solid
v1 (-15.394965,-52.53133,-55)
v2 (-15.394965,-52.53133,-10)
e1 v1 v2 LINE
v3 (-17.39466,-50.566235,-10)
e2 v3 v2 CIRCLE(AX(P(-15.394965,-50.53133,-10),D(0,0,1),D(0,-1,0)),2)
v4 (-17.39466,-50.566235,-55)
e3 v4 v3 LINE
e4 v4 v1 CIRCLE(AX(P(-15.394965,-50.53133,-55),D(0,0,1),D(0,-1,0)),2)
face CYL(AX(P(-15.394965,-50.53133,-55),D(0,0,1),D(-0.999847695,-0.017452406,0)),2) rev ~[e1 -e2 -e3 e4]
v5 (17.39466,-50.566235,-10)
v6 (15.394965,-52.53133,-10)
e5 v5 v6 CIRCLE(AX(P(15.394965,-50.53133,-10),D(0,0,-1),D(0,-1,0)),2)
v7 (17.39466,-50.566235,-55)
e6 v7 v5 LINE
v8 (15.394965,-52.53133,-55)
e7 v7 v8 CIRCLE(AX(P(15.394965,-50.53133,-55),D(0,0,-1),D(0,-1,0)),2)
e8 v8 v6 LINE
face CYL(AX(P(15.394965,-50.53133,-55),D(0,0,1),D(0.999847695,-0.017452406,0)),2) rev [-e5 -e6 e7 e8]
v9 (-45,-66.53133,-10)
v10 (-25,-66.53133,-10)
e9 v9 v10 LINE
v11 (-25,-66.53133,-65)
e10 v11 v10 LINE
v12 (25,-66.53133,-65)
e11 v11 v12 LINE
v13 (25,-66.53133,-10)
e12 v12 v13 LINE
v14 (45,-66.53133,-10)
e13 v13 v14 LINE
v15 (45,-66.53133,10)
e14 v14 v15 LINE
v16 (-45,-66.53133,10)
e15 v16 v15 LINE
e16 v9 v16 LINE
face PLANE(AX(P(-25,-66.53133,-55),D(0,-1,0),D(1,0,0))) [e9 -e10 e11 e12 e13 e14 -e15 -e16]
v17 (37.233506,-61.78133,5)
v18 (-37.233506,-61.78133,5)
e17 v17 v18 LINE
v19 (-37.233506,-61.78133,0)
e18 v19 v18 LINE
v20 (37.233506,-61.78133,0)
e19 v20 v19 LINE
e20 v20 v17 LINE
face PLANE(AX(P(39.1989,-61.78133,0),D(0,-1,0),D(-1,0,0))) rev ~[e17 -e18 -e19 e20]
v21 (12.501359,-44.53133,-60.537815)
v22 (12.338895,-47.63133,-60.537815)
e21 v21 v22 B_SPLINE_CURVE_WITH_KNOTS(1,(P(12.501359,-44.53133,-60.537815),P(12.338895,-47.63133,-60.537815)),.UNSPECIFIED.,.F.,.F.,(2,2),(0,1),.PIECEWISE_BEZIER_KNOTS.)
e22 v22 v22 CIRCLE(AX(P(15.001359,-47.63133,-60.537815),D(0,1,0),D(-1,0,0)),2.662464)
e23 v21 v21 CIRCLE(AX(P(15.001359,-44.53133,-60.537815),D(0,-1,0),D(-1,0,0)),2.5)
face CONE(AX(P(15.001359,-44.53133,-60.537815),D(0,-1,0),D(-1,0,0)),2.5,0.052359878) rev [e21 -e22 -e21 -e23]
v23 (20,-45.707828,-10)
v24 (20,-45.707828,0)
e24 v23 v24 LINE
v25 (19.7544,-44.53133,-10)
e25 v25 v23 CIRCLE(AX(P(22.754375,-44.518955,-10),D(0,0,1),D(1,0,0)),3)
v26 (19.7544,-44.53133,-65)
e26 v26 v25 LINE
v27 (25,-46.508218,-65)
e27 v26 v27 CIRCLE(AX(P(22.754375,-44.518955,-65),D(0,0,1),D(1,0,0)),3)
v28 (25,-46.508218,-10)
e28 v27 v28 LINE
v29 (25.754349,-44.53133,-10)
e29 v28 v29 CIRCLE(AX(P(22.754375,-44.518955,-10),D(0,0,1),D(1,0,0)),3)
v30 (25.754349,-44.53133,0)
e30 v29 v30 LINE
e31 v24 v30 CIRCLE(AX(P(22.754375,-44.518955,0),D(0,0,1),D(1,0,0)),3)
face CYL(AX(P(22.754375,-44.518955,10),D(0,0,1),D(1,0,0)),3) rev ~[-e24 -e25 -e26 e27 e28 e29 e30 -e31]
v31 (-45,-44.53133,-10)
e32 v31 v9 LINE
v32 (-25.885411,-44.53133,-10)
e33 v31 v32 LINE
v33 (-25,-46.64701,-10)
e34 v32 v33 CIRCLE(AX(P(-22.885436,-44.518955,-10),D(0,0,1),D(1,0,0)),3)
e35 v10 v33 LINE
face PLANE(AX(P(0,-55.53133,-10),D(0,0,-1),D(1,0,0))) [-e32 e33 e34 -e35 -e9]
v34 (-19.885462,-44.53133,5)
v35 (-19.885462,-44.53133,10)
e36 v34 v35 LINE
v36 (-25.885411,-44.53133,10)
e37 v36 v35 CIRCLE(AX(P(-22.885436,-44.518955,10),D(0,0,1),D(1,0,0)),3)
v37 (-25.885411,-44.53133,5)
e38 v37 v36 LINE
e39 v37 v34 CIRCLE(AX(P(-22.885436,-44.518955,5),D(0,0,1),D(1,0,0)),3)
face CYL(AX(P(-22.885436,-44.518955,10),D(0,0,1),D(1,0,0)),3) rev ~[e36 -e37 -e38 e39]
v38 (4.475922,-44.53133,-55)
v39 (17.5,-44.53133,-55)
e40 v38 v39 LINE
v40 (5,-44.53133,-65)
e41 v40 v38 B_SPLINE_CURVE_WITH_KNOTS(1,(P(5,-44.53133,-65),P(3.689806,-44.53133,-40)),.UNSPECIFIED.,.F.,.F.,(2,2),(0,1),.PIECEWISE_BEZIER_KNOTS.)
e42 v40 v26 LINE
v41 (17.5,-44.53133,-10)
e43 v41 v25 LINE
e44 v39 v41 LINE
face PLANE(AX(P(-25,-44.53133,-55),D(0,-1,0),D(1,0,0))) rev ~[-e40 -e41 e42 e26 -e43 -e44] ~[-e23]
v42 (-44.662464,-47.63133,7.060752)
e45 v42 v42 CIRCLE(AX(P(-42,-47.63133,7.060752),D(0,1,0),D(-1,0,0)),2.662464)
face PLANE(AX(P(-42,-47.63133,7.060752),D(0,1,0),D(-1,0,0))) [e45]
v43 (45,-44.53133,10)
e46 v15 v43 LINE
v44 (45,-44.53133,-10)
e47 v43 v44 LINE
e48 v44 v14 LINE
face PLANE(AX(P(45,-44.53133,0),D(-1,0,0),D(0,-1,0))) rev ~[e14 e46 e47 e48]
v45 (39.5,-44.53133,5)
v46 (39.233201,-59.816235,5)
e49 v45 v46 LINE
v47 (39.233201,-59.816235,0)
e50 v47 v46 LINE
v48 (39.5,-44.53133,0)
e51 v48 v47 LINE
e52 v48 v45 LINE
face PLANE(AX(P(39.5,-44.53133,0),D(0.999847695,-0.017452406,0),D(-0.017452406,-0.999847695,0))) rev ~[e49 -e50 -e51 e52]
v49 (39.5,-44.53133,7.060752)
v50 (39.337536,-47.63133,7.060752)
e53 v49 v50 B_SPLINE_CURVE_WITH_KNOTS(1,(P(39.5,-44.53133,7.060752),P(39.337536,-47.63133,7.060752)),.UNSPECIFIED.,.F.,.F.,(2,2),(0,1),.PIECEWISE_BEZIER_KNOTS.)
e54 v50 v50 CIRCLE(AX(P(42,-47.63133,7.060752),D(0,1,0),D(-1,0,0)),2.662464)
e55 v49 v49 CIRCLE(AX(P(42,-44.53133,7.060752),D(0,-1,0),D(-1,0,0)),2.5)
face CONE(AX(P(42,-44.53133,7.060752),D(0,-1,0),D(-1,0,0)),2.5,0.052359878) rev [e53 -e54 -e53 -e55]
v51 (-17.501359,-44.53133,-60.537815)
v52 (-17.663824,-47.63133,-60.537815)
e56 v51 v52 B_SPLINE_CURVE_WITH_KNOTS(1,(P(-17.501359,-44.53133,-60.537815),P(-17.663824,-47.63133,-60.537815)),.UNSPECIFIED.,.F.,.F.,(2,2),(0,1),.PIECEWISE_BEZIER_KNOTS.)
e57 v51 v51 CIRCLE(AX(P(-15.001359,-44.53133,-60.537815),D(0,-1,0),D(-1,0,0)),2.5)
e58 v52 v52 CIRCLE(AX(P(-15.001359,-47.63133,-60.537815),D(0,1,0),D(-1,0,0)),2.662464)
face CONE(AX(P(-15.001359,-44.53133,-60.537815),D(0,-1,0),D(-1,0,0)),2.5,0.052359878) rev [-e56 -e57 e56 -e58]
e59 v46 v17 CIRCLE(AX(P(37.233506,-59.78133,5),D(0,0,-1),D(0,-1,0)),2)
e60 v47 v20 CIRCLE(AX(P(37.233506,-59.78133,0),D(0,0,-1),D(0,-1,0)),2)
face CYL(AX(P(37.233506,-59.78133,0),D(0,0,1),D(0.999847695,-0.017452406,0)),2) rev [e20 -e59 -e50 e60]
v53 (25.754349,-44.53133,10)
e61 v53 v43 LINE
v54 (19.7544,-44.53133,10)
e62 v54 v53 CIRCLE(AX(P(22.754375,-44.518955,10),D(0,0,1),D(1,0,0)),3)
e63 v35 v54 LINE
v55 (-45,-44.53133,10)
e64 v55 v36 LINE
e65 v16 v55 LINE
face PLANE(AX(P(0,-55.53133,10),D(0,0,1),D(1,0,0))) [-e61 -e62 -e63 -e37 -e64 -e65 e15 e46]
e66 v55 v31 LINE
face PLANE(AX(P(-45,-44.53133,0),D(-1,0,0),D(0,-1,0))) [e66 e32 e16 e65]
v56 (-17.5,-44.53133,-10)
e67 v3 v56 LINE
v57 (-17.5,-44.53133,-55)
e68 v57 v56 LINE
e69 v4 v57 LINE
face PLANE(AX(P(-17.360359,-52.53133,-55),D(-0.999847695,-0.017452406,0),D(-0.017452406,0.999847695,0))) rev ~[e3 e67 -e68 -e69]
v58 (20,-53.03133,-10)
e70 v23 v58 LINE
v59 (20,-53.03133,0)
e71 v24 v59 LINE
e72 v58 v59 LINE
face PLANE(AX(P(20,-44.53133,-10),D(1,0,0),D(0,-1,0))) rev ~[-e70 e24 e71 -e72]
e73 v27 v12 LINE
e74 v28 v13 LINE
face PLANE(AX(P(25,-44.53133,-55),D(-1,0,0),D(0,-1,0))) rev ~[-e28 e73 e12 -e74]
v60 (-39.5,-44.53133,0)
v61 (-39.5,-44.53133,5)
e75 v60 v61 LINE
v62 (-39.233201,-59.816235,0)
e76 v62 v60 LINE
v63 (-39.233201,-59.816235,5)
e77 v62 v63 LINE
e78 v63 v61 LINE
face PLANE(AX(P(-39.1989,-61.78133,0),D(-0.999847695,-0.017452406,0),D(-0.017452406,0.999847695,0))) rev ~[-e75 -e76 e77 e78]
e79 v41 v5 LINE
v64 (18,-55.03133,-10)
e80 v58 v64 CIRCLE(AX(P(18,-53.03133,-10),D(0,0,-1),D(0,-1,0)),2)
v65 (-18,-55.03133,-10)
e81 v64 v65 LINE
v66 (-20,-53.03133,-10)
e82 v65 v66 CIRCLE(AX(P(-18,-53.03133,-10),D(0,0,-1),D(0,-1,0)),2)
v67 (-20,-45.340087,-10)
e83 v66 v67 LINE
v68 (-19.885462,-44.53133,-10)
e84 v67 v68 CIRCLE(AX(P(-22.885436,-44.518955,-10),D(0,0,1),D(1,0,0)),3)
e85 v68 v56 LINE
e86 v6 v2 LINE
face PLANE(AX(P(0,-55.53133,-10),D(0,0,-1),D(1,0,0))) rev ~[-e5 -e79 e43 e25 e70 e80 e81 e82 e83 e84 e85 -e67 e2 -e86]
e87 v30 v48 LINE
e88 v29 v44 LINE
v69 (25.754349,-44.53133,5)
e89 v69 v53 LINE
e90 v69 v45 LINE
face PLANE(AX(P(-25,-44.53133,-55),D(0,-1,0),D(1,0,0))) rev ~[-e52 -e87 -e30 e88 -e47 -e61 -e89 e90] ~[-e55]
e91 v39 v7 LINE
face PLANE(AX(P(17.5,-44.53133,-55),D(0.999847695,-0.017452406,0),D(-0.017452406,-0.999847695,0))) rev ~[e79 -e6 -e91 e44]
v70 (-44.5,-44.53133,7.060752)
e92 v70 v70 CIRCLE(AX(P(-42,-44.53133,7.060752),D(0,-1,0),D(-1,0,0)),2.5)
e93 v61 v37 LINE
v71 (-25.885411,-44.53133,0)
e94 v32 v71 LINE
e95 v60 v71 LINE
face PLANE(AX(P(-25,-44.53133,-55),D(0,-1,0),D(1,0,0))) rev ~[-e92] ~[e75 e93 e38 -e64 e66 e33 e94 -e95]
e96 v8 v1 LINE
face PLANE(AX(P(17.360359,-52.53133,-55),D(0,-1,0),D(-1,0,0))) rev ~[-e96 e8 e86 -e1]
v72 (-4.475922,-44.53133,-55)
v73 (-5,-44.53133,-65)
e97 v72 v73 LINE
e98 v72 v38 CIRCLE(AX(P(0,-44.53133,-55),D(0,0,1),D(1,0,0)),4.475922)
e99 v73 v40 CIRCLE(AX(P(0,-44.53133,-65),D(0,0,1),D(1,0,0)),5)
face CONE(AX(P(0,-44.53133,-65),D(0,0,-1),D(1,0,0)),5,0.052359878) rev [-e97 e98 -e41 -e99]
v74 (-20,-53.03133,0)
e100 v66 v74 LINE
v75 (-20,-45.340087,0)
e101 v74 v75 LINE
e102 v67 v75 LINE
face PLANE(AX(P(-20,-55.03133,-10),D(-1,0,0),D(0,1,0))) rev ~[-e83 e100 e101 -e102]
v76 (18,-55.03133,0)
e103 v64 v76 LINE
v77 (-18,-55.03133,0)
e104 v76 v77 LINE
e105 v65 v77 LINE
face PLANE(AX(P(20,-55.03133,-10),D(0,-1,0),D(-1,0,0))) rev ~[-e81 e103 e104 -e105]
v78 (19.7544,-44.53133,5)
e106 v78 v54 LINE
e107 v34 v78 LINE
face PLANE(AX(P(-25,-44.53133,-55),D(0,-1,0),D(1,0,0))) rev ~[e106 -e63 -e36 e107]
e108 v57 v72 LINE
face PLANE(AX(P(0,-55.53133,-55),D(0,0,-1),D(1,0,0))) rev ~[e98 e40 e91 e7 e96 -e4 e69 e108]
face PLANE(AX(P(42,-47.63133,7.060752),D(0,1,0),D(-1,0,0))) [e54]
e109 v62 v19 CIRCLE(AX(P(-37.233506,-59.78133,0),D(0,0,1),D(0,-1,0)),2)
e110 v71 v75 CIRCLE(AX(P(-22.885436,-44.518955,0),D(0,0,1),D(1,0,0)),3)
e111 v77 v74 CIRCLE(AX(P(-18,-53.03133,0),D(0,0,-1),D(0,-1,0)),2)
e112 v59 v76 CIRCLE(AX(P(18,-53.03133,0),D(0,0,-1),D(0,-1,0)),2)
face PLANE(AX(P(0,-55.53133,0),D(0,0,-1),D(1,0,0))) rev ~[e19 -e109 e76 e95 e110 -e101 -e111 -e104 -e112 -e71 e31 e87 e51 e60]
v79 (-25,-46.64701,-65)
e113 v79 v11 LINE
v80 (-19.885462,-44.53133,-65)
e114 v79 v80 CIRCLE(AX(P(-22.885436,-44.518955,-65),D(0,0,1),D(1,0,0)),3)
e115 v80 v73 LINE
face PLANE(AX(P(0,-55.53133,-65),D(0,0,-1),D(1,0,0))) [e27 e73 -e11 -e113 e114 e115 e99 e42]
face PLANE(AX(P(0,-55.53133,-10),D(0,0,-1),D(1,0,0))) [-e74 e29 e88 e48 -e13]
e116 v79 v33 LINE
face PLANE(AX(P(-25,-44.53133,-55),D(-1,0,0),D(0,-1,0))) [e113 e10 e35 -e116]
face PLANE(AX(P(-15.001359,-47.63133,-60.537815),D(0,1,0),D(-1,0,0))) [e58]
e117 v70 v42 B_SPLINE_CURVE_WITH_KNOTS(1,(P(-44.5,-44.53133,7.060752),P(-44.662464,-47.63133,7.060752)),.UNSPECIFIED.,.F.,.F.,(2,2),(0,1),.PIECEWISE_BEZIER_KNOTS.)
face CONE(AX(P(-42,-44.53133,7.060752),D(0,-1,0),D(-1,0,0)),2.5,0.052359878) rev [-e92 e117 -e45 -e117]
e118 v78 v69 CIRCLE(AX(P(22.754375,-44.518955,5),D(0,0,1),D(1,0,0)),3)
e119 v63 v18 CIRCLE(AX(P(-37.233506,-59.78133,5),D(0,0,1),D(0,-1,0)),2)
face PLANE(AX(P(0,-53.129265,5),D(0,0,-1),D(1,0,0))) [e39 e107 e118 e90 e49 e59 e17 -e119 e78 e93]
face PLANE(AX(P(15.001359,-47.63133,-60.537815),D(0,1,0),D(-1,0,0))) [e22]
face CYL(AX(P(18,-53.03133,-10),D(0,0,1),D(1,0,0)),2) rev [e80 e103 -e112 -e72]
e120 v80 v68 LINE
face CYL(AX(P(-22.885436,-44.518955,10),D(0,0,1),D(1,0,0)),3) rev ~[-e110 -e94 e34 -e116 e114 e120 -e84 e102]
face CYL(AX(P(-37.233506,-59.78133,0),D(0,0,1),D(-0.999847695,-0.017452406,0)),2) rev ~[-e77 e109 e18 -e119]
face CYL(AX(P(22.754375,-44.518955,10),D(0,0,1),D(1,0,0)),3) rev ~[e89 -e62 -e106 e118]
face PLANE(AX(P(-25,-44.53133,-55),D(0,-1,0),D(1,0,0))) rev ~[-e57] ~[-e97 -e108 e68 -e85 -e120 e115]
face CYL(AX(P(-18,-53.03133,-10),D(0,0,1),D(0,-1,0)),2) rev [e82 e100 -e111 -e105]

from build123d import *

# Parameters (mm, degrees)
F0_W      = 90
F0_H      = 22
F1_DEPTH  = 10
F3_DEPTH  = 5
F4_R      = 2
F5_W      = 90
F5_H      = 22
F6_DEPTH  = 10
F8_DEPTH  = 10
F9_R      = 2
F11_DEPTH = 45
F13_DEPTH = 45
F14_R     = 2
F15_W     = 50
F15_H     = 22
F16_DEPTH = 10
F17_R     = 5
F18_DEPTH = 25
F18_TAPER = 3
F20_R     = 3
F21_DEPTH = 90
F22_R     = 2.5
F23_DEPTH = 3.1
F23_TAPER = -3
F24_R     = 2.5
F25_DEPTH = 3.1
F25_TAPER = -3


with BuildPart() as f1:
    # F0 (on Top) → F1 (new body)
    with BuildSketch(Plane.XY):
        with Locations((0, -55.5313304067)):
            Rectangle(F0_W, F0_H)
    extrude(amount=F1_DEPTH)

    # F2 (on face) → F3 (cut)
    with BuildSketch(Plane(origin=(0, 0, 0), x_dir=(1, 0, 0), z_dir=(0, 0, -1))):
        Polygon((-39.5, 44.5313304067), (0, 44.5313304067), (39.5, 44.5313304067), (39.19890013, 61.7813304067), (-39.19890013, 61.7813304067), align=None)
    extrude(amount=-F3_DEPTH, mode=Mode.SUBTRACT)

    # F4
    f4_edges = [f1.edges().sort_by_distance(p)[0] for p in [
        (-39.1989, -61.78133, 2.5),
        (39.1989, -61.78133, 2.5),
    ]]
    fillet(f4_edges, radius=F4_R)

    # F5 (on face) → F6 (join)
    with BuildSketch(Plane(origin=(0, 0, 0), x_dir=(1, 0, 0), z_dir=(0, 0, -1))):
        with Locations((0, 55.5313304067)):
            Rectangle(F5_W, F5_H)
    extrude(amount=F6_DEPTH)

    # F7 (on face) → F8 (cut)
    with BuildSketch(Plane(origin=(0, 0, -10), x_dir=(1, 0, 0), z_dir=(0, 0, -1))):
        Polygon((-20, 44.5313304067), (0, 44.5313304067), (20, 44.5313304067), (19.8167218183, 55.0313304067), (-19.8167218183, 55.0313304067), align=None)
        Polygon((19.8167218183, 55.0313304067), (20, 44.5313304067), (20, 55.0313304067), align=None)
        Polygon((-20, 55.0313304067), (-20, 44.5313304067), (-19.8167218183, 55.0313304067), align=None)
    extrude(amount=-F8_DEPTH, mode=Mode.SUBTRACT)

    # F9
    f9_edges = [f1.edges().sort_by_distance(p)[0] for p in [
        (-20, -55.03133, -5),
        (20, -55.03133, -5),
    ]]
    fillet(f9_edges, radius=F9_R)

    # F10 (on face) → F11 (join)
    with BuildSketch(Plane(origin=(0, 0, -10), x_dir=(1, 0, 0), z_dir=(0, 0, -1))):
        Polygon((-25, 44.5313304067), (0, 44.5313304067), (25, 44.5313304067), (25, 66.5313304067), (-25, 66.5313304067), align=None)
    extrude(amount=F11_DEPTH)

    # F12 (on face) → F13 (cut)
    with BuildSketch(Plane(origin=(0, 0, -55), x_dir=(1, 0, 0), z_dir=(0, 0, -1))):
        Polygon((-17.5, 44.5313304067), (0, 44.5313304067), (17.5, 44.5313304067), (17.3603594806, 52.5313304067), (-17.3603594806, 52.5313304067), align=None)
    extrude(amount=-F13_DEPTH, mode=Mode.SUBTRACT)

    # F14
    f14_edges = [f1.edges().sort_by_distance(p)[0] for p in [
        (-17.360359, -52.53133, -32.5),
        (17.360359, -52.53133, -32.5),
    ]]
    fillet(f14_edges, radius=F14_R)

    # F15 (on face) → F16 (join)
    with BuildSketch(Plane(origin=(0, 0, -55), x_dir=(1, 0, 0), z_dir=(0, 0, -1))):
        with Locations((0, 55.5313304067)):
            Rectangle(F15_W, F15_H)
    extrude(amount=F16_DEPTH)

    # F17 (on face) → F18 (cut)
    with BuildSketch(Plane(origin=(0, 0, -65), x_dir=(1, 0, 0), z_dir=(0, 0, -1))):
        with Locations((0, 44.5313304067)):
            Circle(F17_R)
    extrude(amount=-F18_DEPTH, taper=F18_TAPER, mode=Mode.SUBTRACT)

    # F20 (on face) → F21 (cut)
    with BuildSketch(Plane.XY.offset(10)):
        with Locations((22.7543748915, -44.5189550519)):
            Circle(F20_R)
        with Locations((-22.8854361922, -44.5189550519)):
            Circle(F20_R)
    extrude(amount=-F21_DEPTH, mode=Mode.SUBTRACT)

    # F22 (on face) → F23 (cut)
    with BuildSketch(Plane(origin=(0, -44.5313304067, 0), x_dir=(-1, 0, 0), z_dir=(0, 1, 0))):
        with Locations((-15.0013593957, -60.537815094)):
            Circle(F22_R)
        with Locations((15.0013593957, -60.537815094)):
            Circle(F22_R)
    extrude(amount=-F23_DEPTH, taper=F23_TAPER, mode=Mode.SUBTRACT)

    # F24 (on face) → F25 (cut)
    with BuildSketch(Plane(origin=(0, -44.5313304067, 0), x_dir=(-1, 0, 0), z_dir=(0, 1, 0))):
        with Locations((-42, 7.0607517846)):
            Circle(F24_R)
        with Locations((42, 7.0607517846)):
            Circle(F24_R)
    extrude(amount=-F25_DEPTH, taper=F25_TAPER, mode=Mode.SUBTRACT)


solid = f1.part
